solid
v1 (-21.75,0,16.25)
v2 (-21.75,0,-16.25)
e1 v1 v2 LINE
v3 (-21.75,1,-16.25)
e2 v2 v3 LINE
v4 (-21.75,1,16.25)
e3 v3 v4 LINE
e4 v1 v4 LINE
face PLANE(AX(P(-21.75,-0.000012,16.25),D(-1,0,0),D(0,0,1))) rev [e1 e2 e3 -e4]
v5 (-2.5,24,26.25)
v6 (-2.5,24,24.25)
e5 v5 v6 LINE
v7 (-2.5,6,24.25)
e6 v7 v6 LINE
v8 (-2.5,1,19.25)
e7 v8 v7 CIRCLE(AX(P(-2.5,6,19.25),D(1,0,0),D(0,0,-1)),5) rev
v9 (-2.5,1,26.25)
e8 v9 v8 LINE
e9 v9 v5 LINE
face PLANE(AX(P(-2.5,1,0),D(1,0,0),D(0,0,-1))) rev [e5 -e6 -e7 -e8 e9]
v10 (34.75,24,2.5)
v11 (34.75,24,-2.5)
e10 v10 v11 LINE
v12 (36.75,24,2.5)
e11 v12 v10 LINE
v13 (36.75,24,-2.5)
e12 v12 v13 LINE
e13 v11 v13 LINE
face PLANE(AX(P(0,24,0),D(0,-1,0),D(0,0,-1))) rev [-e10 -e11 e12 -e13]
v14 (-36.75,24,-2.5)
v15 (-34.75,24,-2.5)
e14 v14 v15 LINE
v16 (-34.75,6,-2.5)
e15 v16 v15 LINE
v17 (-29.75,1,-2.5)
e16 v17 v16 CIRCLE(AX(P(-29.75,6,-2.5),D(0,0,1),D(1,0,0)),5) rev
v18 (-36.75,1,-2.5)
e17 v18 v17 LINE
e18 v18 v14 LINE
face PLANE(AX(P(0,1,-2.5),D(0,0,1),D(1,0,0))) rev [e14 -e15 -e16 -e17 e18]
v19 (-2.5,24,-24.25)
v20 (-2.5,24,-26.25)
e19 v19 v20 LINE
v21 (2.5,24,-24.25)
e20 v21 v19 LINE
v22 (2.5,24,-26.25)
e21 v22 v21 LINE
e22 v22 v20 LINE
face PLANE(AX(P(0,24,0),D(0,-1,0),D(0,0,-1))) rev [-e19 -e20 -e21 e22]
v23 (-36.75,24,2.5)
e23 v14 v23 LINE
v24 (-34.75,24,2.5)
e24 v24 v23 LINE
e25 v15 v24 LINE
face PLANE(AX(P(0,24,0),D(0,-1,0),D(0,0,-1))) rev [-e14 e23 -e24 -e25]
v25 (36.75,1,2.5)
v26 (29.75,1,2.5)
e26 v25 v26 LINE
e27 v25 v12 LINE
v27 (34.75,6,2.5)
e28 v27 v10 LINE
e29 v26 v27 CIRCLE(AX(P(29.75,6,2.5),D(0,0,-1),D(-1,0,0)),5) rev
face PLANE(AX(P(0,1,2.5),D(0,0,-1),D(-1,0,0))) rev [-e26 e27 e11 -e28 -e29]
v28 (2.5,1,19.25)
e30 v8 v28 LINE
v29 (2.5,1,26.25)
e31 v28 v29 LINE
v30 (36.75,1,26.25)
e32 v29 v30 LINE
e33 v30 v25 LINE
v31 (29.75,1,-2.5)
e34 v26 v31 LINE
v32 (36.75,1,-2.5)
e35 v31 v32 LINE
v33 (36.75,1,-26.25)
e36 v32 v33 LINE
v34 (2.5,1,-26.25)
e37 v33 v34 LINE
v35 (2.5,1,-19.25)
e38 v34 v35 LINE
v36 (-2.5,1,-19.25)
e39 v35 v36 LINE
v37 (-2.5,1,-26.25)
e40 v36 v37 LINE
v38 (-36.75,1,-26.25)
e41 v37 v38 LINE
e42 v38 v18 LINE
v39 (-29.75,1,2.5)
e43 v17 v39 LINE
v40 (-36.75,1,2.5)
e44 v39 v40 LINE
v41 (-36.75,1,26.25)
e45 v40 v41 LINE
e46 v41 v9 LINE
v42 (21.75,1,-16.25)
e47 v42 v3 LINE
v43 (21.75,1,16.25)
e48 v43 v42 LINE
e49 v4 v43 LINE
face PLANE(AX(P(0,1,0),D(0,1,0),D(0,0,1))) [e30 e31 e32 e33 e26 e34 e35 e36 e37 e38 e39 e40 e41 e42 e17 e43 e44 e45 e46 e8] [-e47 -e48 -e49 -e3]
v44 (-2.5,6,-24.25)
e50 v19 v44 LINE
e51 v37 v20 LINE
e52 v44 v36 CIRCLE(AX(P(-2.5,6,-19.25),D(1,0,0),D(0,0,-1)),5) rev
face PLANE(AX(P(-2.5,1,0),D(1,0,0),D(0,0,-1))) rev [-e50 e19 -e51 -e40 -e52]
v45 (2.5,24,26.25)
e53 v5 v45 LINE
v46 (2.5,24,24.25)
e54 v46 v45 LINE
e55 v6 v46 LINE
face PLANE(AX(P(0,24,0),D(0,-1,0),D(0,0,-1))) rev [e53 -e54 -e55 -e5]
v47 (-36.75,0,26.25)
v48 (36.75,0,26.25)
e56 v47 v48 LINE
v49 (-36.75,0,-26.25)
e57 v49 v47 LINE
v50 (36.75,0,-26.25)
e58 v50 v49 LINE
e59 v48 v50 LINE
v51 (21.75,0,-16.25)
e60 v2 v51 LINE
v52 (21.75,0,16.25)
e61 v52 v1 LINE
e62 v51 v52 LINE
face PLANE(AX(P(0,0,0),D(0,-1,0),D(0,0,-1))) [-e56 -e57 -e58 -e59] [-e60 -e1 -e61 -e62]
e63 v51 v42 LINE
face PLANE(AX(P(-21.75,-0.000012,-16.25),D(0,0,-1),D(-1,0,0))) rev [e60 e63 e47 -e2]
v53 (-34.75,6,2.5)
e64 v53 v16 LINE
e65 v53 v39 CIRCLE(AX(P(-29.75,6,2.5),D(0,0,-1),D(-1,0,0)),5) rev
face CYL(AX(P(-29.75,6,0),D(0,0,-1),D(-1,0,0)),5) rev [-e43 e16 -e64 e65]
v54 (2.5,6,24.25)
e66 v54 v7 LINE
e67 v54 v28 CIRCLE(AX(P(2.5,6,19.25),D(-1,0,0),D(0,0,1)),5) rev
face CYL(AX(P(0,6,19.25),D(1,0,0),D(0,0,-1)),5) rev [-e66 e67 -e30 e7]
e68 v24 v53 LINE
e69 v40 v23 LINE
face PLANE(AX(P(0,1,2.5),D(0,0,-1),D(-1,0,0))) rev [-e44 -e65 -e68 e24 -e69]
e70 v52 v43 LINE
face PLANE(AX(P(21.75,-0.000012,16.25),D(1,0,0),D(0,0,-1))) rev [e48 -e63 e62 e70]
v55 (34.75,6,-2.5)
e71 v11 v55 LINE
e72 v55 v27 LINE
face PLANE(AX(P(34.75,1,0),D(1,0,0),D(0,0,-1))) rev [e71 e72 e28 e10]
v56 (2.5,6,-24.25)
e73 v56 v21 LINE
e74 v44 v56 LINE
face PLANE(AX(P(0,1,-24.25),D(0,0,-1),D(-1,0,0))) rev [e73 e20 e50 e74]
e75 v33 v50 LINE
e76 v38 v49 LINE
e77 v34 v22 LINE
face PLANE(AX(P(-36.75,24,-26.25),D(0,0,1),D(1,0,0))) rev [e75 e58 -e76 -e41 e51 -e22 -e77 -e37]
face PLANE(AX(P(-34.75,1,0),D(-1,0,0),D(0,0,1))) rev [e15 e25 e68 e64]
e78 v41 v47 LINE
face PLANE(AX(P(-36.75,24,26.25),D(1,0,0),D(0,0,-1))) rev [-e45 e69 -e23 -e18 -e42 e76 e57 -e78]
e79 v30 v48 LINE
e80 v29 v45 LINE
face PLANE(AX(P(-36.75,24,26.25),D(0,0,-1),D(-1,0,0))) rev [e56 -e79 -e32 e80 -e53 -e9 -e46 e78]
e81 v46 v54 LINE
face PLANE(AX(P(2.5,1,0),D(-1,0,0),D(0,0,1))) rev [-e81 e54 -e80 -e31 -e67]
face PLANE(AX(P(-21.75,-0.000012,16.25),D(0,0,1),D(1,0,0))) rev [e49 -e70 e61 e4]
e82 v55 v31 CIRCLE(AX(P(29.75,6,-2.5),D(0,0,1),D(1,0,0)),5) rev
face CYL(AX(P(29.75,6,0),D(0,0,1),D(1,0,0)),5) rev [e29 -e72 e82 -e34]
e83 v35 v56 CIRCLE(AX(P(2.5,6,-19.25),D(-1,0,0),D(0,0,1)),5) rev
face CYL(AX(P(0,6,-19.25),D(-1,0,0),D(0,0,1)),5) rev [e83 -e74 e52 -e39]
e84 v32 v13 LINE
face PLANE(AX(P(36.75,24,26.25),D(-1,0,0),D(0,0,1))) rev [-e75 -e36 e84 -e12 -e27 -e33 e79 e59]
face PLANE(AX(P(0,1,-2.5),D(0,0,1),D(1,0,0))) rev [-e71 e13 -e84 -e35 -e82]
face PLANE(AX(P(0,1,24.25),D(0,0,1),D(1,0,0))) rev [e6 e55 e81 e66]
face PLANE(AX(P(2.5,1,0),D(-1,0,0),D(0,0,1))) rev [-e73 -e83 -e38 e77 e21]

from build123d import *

# Parameters (mm, degrees)
CROQUIS1_W                 = 73.5
CROQUIS1_H                 = 52.5
SALIENTE_EXTRUIR1_DEPTH    = 24
CORTAR_EXTRUIR1_START      = 24
CROQUIS4_W                 = 69.5
CROQUIS4_H                 = 48.5
CORTAR_EXTRUIR1_DEPTH      = 23
CORTAR_EXTRUIR4_START      = 24
CROQUIS5_W                 = 34.25
CROQUIS5_H                 = 23.75
CORTAR_EXTRUIR4_DEPTH      = 23
REDONDEO2_R                = 5
REDONDEO3_R                = 5
REDONDEO4_R                = 5
REDONDEO5_R                = 5
CORTAR_EXTRUIR5_DEPTH      = 52.143181364
CORTAR_EXTRUIR5_DEPTH_BACK = 52.143181364
CROQUIS6_W                 = 43.5
CROQUIS6_H                 = 32.5


with BuildPart() as part:
    # Croquis1 → Saliente-Extruir1 (new body)
    with BuildSketch(Plane(origin=(0, 0, 0), x_dir=(1, 0, 0), z_dir=(0, 1, 0))):
        Rectangle(CROQUIS1_W, CROQUIS1_H)
    extrude(amount=SALIENTE_EXTRUIR1_DEPTH)

    # Croquis4 → Cortar-Extruir1 (cut)
    with BuildSketch(Plane(origin=(0, 0, 0), x_dir=(1, 0, 0), z_dir=(0, 1, 0)).offset(CORTAR_EXTRUIR1_START)):
        Rectangle(CROQUIS4_W, CROQUIS4_H)
    extrude(amount=-CORTAR_EXTRUIR1_DEPTH, mode=Mode.SUBTRACT)

    # Croquis5 → Cortar-Extruir4 (cut)
    with BuildSketch(Plane(origin=(0, 0, 0), x_dir=(1, 0, 0), z_dir=(0, 1, 0)).offset(CORTAR_EXTRUIR4_START)):
        with Locations((19.625, 14.375)):
            Rectangle(CROQUIS5_W, CROQUIS5_H)
        with Locations((-19.625, 14.375)):
            Rectangle(CROQUIS5_W, CROQUIS5_H)
        with Locations((-19.625, -14.375)):
            Rectangle(CROQUIS5_W, CROQUIS5_H)
        with Locations((19.625, -14.375)):
            Rectangle(CROQUIS5_W, CROQUIS5_H)
    extrude(amount=-CORTAR_EXTRUIR4_DEPTH, mode=Mode.SUBTRACT)

    # Redondeo2
    redondeo2_edges = [part.edges().sort_by_distance(p)[0] for p in [
        (0, 1, -24.25),
    ]]
    fillet(redondeo2_edges, radius=REDONDEO2_R)

    # Redondeo3
    redondeo3_edges = [part.edges().sort_by_distance(p)[0] for p in [
        (-34.75, 1, 0),
    ]]
    fillet(redondeo3_edges, radius=REDONDEO3_R)

    # Redondeo4
    redondeo4_edges = [part.edges().sort_by_distance(p)[0] for p in [
        (0, 1, 24.25),
    ]]
    fillet(redondeo4_edges, radius=REDONDEO4_R)

    # Redondeo5
    redondeo5_edges = [part.edges().sort_by_distance(p)[0] for p in [
        (34.75, 1, 0),
    ]]
    fillet(redondeo5_edges, radius=REDONDEO5_R)

    # Croquis6 → Cortar-Extruir5 (cut, two sides: drawn at the far end of the back side and taken through both)
    with BuildSketch(Plane(origin=(0, 0, 0), x_dir=(1, 0, 0), z_dir=(0, 1, 0)).offset(-CORTAR_EXTRUIR5_DEPTH_BACK)):
        Rectangle(CROQUIS6_W, CROQUIS6_H)
    extrude(amount=CORTAR_EXTRUIR5_DEPTH + CORTAR_EXTRUIR5_DEPTH_BACK, mode=Mode.SUBTRACT)


solid = part.part
